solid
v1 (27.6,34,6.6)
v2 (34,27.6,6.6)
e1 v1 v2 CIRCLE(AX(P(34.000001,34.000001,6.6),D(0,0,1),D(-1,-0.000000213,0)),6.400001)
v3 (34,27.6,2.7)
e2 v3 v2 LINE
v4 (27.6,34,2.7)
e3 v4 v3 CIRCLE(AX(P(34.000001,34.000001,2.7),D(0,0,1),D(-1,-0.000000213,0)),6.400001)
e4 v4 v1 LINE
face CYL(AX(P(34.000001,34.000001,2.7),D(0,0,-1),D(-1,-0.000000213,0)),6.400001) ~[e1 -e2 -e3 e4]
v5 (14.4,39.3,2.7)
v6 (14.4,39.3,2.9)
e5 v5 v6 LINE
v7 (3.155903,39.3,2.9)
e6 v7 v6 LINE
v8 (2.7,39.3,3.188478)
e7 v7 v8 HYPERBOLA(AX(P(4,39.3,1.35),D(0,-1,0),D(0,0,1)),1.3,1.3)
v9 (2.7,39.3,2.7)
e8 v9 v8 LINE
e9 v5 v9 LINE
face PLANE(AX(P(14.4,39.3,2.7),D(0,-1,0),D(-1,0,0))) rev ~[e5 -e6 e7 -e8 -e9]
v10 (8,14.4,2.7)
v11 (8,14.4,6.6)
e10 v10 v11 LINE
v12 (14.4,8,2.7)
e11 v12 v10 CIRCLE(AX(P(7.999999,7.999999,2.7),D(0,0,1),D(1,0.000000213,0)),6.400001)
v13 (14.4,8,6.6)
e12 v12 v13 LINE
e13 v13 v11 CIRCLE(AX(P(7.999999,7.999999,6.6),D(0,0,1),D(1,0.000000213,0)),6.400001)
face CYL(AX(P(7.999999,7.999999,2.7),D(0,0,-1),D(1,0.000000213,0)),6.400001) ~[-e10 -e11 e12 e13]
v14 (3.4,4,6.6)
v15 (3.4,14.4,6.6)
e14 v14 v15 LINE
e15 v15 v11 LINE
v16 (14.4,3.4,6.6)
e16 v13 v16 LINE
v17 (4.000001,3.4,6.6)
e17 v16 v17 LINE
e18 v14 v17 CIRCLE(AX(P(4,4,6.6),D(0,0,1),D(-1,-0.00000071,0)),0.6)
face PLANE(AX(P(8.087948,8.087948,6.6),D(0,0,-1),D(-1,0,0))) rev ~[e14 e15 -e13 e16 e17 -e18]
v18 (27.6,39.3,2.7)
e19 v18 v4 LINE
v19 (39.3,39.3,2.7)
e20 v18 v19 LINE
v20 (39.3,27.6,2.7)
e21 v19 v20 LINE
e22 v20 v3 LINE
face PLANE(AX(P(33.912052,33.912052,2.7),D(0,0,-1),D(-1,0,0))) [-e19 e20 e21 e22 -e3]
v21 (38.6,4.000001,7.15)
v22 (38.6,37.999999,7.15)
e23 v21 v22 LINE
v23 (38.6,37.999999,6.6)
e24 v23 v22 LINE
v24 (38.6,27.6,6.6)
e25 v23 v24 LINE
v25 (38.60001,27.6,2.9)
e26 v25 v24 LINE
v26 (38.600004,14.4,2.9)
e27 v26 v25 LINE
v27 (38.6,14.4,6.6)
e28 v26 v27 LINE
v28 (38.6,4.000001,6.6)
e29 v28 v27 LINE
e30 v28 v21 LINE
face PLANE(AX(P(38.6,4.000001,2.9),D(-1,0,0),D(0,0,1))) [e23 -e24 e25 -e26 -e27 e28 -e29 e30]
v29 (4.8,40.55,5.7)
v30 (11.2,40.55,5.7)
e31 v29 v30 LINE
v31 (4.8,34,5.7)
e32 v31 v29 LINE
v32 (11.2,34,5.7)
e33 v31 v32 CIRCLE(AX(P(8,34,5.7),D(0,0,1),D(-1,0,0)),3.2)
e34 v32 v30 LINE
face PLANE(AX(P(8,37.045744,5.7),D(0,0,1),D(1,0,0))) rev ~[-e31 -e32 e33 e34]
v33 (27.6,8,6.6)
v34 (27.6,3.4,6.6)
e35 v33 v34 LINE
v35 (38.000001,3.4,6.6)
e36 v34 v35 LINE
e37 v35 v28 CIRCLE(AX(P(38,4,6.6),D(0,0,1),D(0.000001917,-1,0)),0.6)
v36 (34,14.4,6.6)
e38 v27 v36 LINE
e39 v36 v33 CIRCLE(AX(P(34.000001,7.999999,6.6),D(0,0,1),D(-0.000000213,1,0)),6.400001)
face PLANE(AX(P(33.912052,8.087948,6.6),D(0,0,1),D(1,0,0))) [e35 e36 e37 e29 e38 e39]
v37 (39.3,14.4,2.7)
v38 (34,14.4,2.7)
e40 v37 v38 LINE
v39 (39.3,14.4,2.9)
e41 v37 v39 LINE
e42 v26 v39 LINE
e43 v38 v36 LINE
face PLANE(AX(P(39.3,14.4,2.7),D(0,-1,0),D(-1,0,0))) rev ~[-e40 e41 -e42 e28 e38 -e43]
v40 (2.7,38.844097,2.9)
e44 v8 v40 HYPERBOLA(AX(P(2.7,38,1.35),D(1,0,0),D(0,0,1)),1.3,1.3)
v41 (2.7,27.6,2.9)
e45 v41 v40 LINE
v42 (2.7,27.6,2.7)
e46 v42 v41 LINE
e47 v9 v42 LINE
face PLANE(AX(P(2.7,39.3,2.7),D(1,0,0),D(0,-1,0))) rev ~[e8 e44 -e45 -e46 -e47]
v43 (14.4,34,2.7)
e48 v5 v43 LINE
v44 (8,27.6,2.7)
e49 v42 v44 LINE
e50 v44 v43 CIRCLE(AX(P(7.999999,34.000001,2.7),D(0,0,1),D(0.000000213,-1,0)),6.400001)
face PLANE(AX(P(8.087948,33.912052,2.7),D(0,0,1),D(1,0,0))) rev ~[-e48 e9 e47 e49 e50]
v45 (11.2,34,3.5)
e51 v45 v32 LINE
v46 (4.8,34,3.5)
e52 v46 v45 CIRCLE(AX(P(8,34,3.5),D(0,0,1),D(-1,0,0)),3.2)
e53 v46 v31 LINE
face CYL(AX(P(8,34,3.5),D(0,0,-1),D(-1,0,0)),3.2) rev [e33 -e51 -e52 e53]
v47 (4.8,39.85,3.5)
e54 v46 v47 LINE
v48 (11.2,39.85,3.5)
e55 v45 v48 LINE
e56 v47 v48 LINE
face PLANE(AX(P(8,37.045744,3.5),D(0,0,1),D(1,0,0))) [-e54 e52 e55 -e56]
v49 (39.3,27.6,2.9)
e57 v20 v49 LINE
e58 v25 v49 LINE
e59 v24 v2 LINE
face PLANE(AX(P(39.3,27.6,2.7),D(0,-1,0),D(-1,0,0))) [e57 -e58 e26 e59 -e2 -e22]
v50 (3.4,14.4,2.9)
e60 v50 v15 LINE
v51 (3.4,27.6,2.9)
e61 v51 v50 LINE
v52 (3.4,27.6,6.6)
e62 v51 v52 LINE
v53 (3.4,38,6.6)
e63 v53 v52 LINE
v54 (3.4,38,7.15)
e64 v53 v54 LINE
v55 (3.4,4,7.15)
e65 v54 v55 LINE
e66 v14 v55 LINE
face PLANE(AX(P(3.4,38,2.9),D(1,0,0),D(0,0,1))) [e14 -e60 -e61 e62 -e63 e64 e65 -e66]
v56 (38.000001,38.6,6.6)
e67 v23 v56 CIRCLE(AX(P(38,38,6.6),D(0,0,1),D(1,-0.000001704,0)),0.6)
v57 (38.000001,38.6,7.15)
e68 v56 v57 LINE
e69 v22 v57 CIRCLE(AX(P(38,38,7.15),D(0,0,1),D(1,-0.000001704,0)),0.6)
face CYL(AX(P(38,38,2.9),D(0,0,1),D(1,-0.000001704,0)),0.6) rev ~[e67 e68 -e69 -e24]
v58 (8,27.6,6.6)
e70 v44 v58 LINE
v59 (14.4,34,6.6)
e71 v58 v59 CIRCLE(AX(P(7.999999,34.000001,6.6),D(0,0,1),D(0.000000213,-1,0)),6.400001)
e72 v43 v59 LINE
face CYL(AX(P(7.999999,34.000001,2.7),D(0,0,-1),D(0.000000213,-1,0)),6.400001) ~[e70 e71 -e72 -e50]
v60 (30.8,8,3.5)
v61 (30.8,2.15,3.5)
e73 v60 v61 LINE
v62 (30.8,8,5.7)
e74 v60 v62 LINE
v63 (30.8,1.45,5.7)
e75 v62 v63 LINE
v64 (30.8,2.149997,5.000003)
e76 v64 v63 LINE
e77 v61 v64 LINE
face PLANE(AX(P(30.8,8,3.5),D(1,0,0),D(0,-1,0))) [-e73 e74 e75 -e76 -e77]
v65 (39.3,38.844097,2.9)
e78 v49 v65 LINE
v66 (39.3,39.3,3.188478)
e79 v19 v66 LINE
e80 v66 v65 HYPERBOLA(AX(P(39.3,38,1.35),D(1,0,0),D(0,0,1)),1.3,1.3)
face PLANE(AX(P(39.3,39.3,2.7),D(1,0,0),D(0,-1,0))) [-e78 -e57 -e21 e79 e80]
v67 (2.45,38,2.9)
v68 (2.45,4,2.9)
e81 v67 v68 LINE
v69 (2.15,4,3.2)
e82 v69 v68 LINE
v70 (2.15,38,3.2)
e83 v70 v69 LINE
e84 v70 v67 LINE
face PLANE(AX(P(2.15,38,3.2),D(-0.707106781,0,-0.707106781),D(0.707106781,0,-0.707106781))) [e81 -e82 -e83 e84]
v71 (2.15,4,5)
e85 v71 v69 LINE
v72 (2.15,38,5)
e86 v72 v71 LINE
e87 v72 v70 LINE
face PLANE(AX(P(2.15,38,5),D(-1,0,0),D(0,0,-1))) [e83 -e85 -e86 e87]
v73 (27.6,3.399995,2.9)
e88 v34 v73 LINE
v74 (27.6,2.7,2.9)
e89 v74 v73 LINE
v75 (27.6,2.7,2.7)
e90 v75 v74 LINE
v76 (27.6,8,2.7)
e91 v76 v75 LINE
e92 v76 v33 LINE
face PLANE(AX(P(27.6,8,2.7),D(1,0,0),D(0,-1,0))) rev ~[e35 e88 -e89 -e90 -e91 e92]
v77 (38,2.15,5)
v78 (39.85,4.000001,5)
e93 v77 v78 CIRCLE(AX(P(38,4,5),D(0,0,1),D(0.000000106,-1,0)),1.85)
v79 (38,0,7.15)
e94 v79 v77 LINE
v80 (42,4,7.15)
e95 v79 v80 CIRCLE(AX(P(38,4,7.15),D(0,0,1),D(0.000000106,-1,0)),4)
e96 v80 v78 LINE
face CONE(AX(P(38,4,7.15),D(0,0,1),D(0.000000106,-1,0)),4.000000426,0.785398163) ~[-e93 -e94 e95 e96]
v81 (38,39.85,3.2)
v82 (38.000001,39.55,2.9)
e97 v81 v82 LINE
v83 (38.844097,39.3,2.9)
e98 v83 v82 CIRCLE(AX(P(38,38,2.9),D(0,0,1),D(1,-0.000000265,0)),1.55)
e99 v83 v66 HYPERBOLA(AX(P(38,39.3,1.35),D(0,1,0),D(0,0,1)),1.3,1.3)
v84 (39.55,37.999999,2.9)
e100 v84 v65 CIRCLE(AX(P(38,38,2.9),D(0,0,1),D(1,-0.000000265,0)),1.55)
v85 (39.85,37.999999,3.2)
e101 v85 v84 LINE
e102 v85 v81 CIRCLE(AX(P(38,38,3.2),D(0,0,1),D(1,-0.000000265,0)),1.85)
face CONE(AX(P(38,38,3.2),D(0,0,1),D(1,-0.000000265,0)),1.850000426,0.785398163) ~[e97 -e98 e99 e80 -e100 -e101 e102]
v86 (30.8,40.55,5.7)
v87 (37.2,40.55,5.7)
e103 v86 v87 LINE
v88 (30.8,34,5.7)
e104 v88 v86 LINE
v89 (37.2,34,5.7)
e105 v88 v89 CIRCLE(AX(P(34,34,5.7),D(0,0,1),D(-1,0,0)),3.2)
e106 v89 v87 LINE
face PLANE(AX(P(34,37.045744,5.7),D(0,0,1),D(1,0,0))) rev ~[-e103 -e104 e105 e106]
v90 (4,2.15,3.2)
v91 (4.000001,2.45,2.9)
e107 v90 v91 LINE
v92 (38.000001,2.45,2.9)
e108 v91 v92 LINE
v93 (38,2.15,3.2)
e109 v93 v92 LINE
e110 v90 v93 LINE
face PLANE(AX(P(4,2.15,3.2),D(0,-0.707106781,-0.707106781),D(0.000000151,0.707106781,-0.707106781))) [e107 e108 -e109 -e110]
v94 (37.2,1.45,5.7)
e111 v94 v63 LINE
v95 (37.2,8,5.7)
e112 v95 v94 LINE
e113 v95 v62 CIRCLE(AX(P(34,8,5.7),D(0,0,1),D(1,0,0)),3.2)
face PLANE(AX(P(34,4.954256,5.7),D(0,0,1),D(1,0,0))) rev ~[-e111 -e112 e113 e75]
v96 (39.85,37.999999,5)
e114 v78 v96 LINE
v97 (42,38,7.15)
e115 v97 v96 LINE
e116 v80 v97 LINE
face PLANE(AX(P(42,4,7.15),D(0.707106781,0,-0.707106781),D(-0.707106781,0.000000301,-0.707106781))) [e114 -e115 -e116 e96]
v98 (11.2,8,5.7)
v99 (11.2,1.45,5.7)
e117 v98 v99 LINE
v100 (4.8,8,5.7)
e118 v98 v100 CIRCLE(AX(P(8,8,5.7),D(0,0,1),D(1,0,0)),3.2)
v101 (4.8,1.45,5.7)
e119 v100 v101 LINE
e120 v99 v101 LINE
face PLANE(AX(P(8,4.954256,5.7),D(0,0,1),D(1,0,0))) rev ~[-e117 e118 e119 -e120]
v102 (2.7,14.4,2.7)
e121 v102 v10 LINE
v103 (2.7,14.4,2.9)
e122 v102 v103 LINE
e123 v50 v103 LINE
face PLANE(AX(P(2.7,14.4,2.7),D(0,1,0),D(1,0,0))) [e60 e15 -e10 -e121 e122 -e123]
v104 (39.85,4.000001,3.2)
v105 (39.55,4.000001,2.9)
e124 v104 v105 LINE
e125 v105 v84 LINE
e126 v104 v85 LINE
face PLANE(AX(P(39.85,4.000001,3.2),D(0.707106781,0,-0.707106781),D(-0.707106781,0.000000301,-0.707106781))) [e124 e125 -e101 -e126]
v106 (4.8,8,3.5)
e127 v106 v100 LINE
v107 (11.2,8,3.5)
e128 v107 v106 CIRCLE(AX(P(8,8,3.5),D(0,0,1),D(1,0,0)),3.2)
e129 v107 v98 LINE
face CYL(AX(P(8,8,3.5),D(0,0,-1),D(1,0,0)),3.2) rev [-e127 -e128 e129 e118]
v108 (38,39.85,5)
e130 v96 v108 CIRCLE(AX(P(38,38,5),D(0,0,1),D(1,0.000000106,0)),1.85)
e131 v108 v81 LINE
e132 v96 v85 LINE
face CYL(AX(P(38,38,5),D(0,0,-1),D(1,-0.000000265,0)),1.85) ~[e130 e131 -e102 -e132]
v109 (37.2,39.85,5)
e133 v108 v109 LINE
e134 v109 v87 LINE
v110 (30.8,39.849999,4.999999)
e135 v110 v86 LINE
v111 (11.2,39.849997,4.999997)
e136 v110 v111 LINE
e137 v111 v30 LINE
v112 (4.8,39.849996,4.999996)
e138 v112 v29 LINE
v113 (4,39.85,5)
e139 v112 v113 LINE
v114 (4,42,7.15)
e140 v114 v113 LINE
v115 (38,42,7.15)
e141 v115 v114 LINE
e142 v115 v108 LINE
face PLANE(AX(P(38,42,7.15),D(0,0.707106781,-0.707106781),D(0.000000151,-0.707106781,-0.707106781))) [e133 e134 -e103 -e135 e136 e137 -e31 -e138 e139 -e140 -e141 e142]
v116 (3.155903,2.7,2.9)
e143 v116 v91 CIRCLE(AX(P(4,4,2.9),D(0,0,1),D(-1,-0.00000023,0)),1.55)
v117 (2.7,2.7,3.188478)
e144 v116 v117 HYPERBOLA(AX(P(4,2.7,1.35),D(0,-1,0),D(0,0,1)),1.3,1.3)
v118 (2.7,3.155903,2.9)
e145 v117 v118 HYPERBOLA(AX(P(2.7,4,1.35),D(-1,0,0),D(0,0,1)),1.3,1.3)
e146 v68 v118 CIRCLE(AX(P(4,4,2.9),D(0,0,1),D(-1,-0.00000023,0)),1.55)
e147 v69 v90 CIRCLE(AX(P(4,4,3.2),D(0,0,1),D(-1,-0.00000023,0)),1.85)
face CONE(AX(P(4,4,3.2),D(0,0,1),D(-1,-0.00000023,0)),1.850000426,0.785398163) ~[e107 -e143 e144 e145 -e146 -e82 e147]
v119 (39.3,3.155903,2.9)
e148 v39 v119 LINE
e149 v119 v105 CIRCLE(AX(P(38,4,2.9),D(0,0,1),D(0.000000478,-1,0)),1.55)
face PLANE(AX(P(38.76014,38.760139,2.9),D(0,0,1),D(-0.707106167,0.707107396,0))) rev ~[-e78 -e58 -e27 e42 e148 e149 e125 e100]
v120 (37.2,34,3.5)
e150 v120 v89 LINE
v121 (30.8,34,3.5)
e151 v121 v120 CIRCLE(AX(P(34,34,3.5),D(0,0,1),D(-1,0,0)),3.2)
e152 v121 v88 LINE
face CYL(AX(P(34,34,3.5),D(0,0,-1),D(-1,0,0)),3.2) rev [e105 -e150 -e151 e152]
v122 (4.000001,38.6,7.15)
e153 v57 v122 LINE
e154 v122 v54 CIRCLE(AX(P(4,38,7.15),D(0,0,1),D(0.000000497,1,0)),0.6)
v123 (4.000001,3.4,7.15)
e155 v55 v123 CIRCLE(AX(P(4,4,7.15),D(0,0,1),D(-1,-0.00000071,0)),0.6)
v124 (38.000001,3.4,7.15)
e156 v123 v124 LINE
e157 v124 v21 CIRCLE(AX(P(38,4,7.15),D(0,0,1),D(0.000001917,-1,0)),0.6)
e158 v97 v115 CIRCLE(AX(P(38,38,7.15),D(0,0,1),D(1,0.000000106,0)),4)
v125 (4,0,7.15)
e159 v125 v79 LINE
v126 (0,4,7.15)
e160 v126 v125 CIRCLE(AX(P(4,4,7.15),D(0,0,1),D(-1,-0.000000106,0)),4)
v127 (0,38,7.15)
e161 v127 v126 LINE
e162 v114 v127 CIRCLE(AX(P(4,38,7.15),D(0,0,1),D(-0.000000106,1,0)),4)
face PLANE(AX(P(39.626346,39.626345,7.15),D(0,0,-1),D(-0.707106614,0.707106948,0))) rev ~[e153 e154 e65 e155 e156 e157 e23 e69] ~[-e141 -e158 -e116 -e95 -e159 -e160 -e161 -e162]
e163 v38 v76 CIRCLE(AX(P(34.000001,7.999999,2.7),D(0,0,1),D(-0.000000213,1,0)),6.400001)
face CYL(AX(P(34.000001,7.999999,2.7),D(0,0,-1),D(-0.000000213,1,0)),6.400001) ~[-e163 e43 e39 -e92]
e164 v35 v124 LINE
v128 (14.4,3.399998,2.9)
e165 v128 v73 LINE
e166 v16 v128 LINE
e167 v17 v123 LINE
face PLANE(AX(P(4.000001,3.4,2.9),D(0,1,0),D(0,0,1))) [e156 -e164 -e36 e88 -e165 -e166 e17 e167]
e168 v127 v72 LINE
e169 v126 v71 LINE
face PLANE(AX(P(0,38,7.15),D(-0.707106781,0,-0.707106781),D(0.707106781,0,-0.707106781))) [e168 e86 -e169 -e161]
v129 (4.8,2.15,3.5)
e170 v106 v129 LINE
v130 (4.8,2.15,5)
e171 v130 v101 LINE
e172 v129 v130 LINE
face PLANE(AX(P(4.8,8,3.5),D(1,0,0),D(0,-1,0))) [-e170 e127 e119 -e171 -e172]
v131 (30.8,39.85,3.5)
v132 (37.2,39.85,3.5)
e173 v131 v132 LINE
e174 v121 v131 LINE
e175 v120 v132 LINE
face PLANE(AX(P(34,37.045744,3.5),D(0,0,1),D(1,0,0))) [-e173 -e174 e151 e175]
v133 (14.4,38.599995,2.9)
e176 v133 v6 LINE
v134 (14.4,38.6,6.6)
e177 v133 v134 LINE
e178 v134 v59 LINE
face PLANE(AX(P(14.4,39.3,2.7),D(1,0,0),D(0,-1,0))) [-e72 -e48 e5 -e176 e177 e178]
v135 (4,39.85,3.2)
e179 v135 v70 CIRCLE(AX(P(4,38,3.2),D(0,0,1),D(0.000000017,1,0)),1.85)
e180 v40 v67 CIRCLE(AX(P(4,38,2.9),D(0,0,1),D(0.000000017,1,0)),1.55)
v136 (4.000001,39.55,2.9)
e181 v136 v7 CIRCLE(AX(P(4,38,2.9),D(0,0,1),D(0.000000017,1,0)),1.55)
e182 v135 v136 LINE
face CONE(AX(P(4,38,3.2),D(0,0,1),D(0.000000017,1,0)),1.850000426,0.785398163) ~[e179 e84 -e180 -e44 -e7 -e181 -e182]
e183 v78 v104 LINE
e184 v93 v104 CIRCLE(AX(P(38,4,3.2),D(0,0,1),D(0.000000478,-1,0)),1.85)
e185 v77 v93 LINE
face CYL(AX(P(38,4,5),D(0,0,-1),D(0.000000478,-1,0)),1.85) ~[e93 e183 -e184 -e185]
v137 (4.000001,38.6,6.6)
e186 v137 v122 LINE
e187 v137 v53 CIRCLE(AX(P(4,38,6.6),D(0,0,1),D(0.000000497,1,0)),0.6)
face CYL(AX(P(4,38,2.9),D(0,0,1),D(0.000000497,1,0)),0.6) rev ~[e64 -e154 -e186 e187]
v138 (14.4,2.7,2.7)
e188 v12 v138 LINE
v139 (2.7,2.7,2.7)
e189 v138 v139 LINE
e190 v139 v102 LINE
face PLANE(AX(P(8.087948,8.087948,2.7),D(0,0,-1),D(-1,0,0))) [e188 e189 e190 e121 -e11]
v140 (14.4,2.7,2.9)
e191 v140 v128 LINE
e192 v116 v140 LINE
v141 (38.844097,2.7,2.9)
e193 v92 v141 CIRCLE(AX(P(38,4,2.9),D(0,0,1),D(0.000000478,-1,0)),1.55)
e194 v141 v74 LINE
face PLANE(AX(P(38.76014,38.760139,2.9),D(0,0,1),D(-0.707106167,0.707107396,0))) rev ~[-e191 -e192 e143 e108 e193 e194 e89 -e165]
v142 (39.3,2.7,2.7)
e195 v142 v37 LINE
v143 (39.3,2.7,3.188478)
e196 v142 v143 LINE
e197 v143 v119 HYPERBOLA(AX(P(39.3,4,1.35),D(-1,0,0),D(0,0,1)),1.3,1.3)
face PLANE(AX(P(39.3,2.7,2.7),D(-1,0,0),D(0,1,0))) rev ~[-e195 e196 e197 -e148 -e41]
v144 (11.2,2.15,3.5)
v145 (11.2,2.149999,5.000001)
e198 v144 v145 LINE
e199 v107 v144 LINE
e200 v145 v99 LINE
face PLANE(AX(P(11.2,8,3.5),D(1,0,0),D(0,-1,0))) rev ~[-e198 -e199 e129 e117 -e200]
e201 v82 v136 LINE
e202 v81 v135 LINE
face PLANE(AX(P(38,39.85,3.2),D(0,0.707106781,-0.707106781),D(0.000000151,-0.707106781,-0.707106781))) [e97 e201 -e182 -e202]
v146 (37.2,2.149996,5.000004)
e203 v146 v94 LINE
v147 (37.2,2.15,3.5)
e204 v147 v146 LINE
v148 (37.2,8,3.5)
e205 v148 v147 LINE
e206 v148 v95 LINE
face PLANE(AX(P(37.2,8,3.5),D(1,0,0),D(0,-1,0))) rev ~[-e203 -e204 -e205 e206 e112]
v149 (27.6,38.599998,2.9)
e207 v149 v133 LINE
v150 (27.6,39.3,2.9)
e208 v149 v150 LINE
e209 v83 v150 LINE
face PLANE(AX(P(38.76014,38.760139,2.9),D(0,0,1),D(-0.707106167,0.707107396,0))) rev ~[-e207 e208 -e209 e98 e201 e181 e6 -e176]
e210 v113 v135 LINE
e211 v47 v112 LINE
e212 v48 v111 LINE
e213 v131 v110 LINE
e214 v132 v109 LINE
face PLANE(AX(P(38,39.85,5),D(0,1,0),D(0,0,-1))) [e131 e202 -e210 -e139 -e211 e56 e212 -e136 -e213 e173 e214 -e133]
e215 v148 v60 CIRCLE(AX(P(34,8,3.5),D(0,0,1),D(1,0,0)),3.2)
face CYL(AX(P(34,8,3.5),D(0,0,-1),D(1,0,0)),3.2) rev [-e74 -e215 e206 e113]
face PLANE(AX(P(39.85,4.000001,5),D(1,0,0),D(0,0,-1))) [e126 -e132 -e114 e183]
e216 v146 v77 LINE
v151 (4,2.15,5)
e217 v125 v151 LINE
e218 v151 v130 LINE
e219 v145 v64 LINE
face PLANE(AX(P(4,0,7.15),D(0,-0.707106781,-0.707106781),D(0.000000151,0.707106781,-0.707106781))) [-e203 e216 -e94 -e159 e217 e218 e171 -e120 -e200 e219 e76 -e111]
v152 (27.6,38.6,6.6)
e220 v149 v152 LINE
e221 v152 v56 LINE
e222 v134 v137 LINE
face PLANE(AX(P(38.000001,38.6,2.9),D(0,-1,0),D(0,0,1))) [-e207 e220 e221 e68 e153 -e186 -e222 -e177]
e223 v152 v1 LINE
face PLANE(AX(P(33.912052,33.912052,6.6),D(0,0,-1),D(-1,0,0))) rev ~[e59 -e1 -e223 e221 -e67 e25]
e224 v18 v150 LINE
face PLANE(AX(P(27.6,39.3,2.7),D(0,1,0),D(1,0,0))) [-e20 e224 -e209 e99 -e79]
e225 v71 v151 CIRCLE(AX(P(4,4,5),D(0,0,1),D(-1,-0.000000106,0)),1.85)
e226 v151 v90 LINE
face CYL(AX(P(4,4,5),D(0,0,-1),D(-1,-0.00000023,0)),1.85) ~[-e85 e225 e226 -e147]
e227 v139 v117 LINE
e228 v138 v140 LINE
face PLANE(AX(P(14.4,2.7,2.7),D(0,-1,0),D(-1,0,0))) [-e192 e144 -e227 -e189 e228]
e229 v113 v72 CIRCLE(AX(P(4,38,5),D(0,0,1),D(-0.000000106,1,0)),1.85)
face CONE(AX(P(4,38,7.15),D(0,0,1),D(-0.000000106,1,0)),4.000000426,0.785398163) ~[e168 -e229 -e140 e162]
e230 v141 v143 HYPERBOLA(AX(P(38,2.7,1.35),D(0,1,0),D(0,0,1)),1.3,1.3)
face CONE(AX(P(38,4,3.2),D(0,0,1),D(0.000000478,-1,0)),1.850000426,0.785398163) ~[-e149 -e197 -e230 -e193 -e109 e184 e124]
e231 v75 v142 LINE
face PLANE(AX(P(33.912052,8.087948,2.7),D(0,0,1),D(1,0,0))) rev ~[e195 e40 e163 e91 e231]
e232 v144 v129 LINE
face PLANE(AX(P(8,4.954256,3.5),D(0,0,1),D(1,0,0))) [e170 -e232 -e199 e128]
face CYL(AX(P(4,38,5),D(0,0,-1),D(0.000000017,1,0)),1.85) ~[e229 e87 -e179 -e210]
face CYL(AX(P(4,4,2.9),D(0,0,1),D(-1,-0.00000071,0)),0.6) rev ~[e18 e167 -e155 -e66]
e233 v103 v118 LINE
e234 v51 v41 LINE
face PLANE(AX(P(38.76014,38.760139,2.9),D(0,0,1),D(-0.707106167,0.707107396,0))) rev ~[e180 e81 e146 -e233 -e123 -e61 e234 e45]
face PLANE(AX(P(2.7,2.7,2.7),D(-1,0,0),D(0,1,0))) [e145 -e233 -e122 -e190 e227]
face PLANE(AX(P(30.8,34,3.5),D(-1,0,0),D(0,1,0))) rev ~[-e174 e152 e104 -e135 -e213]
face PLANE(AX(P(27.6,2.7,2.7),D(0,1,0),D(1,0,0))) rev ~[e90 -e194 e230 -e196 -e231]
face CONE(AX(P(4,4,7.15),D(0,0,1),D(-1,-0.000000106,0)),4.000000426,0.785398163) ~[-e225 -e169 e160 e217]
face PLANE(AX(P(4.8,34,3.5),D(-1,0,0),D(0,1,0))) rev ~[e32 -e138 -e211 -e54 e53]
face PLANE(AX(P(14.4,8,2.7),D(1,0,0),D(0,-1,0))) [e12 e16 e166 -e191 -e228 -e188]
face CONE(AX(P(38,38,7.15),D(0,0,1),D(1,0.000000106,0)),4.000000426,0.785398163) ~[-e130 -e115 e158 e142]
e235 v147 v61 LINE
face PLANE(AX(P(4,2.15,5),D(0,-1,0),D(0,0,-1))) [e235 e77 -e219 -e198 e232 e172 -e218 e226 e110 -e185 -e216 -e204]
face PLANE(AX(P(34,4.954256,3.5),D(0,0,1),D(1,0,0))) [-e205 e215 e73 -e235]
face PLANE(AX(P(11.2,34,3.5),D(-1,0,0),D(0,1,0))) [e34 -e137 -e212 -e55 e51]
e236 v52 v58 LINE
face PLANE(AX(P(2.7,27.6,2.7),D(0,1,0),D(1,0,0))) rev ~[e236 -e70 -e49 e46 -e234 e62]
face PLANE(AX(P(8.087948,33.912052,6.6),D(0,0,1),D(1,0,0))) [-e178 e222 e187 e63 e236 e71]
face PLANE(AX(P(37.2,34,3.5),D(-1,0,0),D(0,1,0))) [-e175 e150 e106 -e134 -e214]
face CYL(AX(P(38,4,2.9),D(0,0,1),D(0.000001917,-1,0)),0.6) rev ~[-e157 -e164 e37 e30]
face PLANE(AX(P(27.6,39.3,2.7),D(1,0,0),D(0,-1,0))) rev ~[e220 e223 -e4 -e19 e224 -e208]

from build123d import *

# Parameters (mm, degrees)
PAD033_DEPTH    = 3.9
POCKET042_DEPTH = 2.2


with BuildPart() as part:
    # AdditivePipe007: sweep along a path in Sketch119
    with BuildLine(Plane.XY.offset(7.15)) as additivepipe007_path:
        ThreePointArc((42, 38), (40.828427, 40.828427), (38, 42))
        Line((38, 42), (4, 42))
        ThreePointArc((4, 42), (1.171573, 40.828427), (0, 38))
        Line((0, 38), (0, 4))
        ThreePointArc((0, 4), (1.171573, 1.171573), (4, 0))
        Line((4, 0), (38, 0))
        ThreePointArc((38, 0), (40.828427, 1.171573), (42, 4))
        Line((42, 4), (42, 38))
    # Sketch118 (on Sketch) → AdditivePipe007 (sweep)
    with BuildSketch(Plane.XZ.offset(-16)):
        Polygon((0, 7.15), (2.15, 5), (2.15, 3.2), (2.45, 2.9), (3.4, 2.9), (3.4, 7.15), align=None)
    sweep(path=additivepipe007_path.line)

    # Sketch138 → Pad033 (new body)
    with BuildSketch(Plane.XY.offset(2.7)):
        with BuildLine():
            Line((2.7, 27.6), (8, 27.6))
            ThreePointArc((8, 27.6), (12.525483, 29.474517), (14.4, 34))
            Line((14.4, 39.3), (14.4, 34))
            Line((14.4, 39.3), (2.7, 39.3))
            Line((2.7, 39.3), (2.7, 27.6))
        make_face()
        with BuildLine():
            Line((27.6, 39.3), (39.3, 39.3))
            Line((39.3, 39.3), (39.3, 27.6))
            Line((39.3, 27.6), (34, 27.6))
            ThreePointArc((27.6, 34), (29.474517, 29.474517), (34, 27.6))
            Line((27.6, 39.3), (27.6, 34))
        make_face()
        with BuildLine():
            Line((27.6, 8), (27.6, 2.7))
            Line((27.6, 2.7), (39.3, 2.7))
            Line((39.3, 2.7), (39.3, 14.4))
            Line((39.3, 14.4), (34, 14.4))
            ThreePointArc((34, 14.4), (29.474517, 12.525483), (27.6, 8))
        make_face()
        with BuildLine():
            Line((14.4, 8), (14.4, 2.7))
            Line((14.4, 2.7), (2.7, 2.7))
            Line((2.7, 2.7), (2.7, 14.4))
            Line((2.7, 14.4), (8, 14.4))
            ThreePointArc((14.4, 8), (12.525483, 12.525483), (8, 14.4))
        make_face()
    extrude(amount=PAD033_DEPTH)

    # Sketch149 → Pocket042 (cut)
    with BuildSketch(Plane.XY.offset(3.5)):
        with BuildLine():
            ThreePointArc((4.8, 34), (8, 30.8), (11.2, 34))
            Line((11.2, 34), (11.2, 42))
            Line((4.8, 42), (11.2, 42))
            Line((4.8, 34), (4.8, 42))
        make_face()
        with BuildLine():
            ThreePointArc((30.8, 34), (34, 30.8), (37.2, 34))
            Line((37.2, 34), (37.2, 42))
            Line((30.8, 42), (37.2, 42))
            Line((30.8, 34), (30.8, 42))
        make_face()
        with BuildLine():
            ThreePointArc((37.2, 8), (34, 11.2), (30.8, 8))
            Line((30.8, 8), (30.8, 0))
            Line((37.2, 0), (30.8, 0))
            Line((37.2, 8), (37.2, 0))
        make_face()
        with BuildLine():
            ThreePointArc((11.2, 8), (8, 11.2), (4.8, 8))
            Line((4.8, 8), (4.8, 0))
            Line((11.2, 0), (4.8, 0))
            Line((11.2, 8), (11.2, 0))
        make_face()
    extrude(amount=POCKET042_DEPTH, mode=Mode.SUBTRACT)


solid = part.part
